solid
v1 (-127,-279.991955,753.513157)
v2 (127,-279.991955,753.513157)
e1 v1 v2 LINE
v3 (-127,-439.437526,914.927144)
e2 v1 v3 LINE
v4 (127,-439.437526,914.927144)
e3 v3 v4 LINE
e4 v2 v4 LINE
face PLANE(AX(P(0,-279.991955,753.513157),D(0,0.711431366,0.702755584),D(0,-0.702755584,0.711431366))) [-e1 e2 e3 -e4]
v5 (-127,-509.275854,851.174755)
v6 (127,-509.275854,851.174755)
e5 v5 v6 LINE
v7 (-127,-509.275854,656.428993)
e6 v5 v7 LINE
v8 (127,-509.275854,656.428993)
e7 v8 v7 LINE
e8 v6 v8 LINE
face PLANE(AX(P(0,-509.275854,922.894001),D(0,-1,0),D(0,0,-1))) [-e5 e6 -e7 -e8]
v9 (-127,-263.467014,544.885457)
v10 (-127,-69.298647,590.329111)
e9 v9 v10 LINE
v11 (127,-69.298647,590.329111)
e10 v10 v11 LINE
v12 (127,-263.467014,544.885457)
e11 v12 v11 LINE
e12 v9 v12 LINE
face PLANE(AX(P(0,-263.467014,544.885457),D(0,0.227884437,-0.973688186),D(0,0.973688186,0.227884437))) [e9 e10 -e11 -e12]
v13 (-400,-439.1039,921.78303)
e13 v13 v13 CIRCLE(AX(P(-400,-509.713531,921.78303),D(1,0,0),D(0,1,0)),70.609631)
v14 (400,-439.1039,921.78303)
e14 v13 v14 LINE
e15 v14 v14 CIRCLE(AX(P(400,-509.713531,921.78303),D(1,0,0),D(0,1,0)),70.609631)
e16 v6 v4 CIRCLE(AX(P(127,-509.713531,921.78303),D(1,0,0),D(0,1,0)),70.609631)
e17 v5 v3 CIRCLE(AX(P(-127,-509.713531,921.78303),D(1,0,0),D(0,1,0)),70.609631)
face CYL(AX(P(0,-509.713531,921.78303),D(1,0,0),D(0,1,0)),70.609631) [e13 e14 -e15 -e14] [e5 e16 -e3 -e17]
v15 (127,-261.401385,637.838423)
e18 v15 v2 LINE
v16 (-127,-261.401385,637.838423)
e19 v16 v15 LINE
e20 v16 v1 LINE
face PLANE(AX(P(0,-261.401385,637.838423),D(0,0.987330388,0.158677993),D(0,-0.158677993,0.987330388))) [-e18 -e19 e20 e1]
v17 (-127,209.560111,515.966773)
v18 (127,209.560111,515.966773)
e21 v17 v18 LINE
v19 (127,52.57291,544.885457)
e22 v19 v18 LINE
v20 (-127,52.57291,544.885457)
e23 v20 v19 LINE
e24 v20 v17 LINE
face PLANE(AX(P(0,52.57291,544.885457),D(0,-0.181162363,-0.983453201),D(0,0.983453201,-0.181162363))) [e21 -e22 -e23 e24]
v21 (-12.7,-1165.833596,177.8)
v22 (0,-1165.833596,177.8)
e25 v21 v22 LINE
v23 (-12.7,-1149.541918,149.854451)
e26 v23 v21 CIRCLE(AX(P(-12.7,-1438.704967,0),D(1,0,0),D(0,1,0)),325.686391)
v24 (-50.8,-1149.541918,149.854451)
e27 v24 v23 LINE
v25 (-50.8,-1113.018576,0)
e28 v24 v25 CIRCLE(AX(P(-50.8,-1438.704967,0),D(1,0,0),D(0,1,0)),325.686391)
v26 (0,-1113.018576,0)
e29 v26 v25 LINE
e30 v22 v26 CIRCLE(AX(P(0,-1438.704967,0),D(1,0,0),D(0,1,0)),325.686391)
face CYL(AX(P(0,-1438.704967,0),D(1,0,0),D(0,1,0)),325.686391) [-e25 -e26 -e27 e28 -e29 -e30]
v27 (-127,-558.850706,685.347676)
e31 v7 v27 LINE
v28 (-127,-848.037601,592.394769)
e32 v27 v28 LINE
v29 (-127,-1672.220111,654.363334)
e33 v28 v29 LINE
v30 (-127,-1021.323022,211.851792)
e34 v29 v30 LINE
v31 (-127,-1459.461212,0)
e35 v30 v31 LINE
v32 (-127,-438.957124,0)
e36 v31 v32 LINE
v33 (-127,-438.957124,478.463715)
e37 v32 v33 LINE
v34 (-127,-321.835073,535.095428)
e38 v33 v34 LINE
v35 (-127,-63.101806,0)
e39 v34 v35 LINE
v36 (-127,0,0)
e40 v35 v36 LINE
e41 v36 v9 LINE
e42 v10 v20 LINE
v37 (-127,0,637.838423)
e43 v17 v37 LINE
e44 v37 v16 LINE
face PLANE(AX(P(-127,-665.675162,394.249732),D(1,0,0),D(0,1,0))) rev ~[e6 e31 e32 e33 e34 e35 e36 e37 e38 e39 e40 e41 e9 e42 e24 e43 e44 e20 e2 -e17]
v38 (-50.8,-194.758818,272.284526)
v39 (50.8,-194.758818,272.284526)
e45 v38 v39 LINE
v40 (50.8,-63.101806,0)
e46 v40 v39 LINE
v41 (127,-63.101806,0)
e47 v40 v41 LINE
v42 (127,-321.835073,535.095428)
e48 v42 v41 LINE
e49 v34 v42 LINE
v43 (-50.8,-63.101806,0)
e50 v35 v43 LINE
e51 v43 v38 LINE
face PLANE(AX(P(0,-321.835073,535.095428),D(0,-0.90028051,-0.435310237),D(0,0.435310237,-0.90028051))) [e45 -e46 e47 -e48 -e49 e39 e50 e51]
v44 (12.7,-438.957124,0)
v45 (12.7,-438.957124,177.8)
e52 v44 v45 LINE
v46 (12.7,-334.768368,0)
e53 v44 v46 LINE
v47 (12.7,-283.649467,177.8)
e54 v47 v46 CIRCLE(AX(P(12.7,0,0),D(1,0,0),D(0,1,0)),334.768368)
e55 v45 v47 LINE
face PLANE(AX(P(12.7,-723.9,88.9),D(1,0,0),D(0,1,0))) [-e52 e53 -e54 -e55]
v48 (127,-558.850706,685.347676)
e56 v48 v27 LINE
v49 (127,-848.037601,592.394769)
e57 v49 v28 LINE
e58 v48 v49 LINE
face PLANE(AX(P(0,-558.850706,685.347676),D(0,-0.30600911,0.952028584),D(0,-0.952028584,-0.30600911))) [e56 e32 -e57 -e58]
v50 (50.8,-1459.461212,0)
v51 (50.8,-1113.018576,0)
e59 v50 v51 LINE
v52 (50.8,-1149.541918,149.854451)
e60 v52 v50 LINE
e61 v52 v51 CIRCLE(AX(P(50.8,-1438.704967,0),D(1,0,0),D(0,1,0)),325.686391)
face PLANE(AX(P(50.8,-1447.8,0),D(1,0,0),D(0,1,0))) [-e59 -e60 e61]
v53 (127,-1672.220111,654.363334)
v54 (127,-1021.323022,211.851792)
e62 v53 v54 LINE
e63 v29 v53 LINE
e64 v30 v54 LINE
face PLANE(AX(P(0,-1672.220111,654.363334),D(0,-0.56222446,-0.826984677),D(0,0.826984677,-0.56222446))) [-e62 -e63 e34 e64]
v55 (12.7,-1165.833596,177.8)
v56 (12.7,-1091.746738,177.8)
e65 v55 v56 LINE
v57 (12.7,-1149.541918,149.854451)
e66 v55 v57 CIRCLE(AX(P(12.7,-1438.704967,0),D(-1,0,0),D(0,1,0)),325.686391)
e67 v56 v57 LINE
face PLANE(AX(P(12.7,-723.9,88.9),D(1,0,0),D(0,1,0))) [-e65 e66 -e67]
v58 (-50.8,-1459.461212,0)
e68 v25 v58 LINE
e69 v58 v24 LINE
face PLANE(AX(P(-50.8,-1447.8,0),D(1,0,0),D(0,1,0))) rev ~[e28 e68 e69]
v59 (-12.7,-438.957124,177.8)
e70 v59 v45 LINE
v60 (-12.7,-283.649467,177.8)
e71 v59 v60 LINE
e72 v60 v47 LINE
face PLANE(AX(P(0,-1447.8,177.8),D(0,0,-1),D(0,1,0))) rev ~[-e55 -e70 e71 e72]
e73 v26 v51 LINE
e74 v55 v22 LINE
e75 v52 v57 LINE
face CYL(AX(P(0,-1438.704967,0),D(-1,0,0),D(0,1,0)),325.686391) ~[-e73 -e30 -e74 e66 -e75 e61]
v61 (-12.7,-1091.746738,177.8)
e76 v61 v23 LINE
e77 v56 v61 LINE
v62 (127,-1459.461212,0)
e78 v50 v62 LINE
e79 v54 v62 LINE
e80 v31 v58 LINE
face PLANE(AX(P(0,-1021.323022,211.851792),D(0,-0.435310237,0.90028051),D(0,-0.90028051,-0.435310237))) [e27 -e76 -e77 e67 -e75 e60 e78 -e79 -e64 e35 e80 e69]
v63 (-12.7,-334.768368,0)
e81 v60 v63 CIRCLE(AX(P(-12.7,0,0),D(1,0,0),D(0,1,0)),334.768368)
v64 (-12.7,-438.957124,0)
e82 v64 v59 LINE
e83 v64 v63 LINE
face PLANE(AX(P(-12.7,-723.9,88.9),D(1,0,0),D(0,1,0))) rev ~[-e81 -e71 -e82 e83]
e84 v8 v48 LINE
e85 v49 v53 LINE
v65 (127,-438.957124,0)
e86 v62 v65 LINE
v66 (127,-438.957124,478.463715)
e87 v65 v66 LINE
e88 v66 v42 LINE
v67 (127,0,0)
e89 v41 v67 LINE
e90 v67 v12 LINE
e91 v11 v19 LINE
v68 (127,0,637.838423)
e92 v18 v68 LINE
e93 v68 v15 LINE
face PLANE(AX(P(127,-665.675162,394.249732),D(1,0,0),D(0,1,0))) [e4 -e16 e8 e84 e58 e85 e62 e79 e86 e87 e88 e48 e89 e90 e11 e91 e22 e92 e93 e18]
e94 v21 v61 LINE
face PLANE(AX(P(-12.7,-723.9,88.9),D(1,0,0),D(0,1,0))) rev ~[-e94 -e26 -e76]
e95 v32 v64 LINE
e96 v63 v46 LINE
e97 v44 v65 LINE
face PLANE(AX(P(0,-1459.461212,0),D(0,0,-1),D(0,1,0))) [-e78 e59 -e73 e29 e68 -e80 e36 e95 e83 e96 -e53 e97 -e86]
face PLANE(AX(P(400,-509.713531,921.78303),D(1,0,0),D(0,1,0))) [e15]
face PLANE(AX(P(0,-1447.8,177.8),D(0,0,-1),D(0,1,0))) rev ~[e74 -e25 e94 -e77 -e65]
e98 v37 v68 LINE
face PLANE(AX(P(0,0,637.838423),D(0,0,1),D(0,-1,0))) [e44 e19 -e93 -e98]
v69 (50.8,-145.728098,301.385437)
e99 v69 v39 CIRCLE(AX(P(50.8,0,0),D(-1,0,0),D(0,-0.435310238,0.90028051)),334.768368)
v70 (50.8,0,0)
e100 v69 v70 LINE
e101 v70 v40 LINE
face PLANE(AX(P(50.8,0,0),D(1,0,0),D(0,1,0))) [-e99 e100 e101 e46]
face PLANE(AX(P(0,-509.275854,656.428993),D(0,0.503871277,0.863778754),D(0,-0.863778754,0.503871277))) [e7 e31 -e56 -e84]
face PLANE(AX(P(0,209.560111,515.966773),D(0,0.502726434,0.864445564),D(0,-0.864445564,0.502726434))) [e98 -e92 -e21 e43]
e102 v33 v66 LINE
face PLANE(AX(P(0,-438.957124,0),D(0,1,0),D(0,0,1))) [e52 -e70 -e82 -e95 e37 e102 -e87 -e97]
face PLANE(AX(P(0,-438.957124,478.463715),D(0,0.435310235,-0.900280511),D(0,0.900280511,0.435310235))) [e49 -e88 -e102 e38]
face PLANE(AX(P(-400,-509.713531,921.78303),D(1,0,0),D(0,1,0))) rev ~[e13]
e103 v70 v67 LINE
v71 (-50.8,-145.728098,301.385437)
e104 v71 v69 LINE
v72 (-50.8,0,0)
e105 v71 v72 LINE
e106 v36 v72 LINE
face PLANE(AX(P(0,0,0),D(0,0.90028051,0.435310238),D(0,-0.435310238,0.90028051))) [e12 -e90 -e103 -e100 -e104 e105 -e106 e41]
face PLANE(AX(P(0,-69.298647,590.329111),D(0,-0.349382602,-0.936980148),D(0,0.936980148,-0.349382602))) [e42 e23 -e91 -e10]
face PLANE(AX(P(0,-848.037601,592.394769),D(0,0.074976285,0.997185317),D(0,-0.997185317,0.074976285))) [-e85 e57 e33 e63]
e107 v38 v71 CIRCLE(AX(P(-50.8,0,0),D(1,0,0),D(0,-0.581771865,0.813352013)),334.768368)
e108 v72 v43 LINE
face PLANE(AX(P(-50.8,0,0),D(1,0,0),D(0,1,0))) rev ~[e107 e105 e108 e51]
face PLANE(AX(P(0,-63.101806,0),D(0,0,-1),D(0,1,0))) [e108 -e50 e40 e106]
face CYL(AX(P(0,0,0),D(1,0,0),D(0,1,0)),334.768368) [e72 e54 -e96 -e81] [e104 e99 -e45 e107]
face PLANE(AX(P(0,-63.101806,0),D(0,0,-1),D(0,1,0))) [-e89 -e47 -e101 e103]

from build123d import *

# Parameters (mm, degrees)
F0_R      = 266.7
F1_DEPTH  = 38.1
F0_R_2    = 228.6
F2_DEPTH  = 50.8
F3_W      = 1447.8
F3_H      = 177.8
F4_DEPTH  = 12.7
F6_DEPTH  = 127
F7_R      = 325.686391
F7_R_2    = 334.768368
F8_DEPTH  = 50.8
F9_R      = 70.609631
F10_DEPTH = 400


with BuildPart() as f1:
    # F0 (on Right) → F1 (new body, symmetric)
    with BuildSketch(Plane.YZ):
        Circle(F0_R)
    extrude(amount=F1_DEPTH, both=True)



with BuildPart() as f2:
    # F0 (on Right) → F2 (new body, symmetric)
    with BuildSketch(Plane.YZ):
        with Locations((-1447.8, 0)):
            Circle(F0_R_2)
    extrude(amount=F2_DEPTH, both=True)


with BuildPart() as f1_1:
    add(f1.part)

    add(f2.part)  # F4 merges F2
    # F3 (on Right) → F4 (join, symmetric)
    with BuildSketch(Plane.YZ):
        with Locations((-723.9, 88.9)):
            Rectangle(F3_W, F3_H)
    extrude(amount=F4_DEPTH, both=True)

    # F5 (on Right) → F6 (join, symmetric)
    with BuildSketch(Plane.YZ):
        Polygon((-848.037601, 592.394769), (-1672.220111, 654.363334), (-1021.323022, 211.851792), (-1459.461212, 0), (-1219.849229, 0), (-438.957124, 0), (-438.957124, 478.463715), (-321.835073, 535.095428), (-63.101806, 0), (0, 0), (-263.467014, 544.885457), (-69.298647, 590.329111), (52.57291, 544.885457), (209.560111, 515.966773), (0, 637.838423), (-261.401385, 637.838423), (-279.991955, 753.513157), (-447.307229, 922.894001), (-509.275854, 922.894001), (-509.275854, 656.428993), (-558.850706, 685.347676), align=None)
    extrude(amount=F6_DEPTH, both=True)

    # F7 (on Right) → F8 (join, symmetric)
    with BuildSketch(Plane.YZ):
        with Locations((-1438.704967, 0)):
            Circle(F7_R)
        Circle(F7_R_2)
    extrude(amount=F8_DEPTH, both=True)

    # F9 (on Right) → F10 (join, symmetric)
    with BuildSketch(Plane.YZ):
        with Locations((-509.713531, 921.78303)):
            Circle(F9_R)
    extrude(amount=F10_DEPTH, both=True)


solid = f1_1.part
